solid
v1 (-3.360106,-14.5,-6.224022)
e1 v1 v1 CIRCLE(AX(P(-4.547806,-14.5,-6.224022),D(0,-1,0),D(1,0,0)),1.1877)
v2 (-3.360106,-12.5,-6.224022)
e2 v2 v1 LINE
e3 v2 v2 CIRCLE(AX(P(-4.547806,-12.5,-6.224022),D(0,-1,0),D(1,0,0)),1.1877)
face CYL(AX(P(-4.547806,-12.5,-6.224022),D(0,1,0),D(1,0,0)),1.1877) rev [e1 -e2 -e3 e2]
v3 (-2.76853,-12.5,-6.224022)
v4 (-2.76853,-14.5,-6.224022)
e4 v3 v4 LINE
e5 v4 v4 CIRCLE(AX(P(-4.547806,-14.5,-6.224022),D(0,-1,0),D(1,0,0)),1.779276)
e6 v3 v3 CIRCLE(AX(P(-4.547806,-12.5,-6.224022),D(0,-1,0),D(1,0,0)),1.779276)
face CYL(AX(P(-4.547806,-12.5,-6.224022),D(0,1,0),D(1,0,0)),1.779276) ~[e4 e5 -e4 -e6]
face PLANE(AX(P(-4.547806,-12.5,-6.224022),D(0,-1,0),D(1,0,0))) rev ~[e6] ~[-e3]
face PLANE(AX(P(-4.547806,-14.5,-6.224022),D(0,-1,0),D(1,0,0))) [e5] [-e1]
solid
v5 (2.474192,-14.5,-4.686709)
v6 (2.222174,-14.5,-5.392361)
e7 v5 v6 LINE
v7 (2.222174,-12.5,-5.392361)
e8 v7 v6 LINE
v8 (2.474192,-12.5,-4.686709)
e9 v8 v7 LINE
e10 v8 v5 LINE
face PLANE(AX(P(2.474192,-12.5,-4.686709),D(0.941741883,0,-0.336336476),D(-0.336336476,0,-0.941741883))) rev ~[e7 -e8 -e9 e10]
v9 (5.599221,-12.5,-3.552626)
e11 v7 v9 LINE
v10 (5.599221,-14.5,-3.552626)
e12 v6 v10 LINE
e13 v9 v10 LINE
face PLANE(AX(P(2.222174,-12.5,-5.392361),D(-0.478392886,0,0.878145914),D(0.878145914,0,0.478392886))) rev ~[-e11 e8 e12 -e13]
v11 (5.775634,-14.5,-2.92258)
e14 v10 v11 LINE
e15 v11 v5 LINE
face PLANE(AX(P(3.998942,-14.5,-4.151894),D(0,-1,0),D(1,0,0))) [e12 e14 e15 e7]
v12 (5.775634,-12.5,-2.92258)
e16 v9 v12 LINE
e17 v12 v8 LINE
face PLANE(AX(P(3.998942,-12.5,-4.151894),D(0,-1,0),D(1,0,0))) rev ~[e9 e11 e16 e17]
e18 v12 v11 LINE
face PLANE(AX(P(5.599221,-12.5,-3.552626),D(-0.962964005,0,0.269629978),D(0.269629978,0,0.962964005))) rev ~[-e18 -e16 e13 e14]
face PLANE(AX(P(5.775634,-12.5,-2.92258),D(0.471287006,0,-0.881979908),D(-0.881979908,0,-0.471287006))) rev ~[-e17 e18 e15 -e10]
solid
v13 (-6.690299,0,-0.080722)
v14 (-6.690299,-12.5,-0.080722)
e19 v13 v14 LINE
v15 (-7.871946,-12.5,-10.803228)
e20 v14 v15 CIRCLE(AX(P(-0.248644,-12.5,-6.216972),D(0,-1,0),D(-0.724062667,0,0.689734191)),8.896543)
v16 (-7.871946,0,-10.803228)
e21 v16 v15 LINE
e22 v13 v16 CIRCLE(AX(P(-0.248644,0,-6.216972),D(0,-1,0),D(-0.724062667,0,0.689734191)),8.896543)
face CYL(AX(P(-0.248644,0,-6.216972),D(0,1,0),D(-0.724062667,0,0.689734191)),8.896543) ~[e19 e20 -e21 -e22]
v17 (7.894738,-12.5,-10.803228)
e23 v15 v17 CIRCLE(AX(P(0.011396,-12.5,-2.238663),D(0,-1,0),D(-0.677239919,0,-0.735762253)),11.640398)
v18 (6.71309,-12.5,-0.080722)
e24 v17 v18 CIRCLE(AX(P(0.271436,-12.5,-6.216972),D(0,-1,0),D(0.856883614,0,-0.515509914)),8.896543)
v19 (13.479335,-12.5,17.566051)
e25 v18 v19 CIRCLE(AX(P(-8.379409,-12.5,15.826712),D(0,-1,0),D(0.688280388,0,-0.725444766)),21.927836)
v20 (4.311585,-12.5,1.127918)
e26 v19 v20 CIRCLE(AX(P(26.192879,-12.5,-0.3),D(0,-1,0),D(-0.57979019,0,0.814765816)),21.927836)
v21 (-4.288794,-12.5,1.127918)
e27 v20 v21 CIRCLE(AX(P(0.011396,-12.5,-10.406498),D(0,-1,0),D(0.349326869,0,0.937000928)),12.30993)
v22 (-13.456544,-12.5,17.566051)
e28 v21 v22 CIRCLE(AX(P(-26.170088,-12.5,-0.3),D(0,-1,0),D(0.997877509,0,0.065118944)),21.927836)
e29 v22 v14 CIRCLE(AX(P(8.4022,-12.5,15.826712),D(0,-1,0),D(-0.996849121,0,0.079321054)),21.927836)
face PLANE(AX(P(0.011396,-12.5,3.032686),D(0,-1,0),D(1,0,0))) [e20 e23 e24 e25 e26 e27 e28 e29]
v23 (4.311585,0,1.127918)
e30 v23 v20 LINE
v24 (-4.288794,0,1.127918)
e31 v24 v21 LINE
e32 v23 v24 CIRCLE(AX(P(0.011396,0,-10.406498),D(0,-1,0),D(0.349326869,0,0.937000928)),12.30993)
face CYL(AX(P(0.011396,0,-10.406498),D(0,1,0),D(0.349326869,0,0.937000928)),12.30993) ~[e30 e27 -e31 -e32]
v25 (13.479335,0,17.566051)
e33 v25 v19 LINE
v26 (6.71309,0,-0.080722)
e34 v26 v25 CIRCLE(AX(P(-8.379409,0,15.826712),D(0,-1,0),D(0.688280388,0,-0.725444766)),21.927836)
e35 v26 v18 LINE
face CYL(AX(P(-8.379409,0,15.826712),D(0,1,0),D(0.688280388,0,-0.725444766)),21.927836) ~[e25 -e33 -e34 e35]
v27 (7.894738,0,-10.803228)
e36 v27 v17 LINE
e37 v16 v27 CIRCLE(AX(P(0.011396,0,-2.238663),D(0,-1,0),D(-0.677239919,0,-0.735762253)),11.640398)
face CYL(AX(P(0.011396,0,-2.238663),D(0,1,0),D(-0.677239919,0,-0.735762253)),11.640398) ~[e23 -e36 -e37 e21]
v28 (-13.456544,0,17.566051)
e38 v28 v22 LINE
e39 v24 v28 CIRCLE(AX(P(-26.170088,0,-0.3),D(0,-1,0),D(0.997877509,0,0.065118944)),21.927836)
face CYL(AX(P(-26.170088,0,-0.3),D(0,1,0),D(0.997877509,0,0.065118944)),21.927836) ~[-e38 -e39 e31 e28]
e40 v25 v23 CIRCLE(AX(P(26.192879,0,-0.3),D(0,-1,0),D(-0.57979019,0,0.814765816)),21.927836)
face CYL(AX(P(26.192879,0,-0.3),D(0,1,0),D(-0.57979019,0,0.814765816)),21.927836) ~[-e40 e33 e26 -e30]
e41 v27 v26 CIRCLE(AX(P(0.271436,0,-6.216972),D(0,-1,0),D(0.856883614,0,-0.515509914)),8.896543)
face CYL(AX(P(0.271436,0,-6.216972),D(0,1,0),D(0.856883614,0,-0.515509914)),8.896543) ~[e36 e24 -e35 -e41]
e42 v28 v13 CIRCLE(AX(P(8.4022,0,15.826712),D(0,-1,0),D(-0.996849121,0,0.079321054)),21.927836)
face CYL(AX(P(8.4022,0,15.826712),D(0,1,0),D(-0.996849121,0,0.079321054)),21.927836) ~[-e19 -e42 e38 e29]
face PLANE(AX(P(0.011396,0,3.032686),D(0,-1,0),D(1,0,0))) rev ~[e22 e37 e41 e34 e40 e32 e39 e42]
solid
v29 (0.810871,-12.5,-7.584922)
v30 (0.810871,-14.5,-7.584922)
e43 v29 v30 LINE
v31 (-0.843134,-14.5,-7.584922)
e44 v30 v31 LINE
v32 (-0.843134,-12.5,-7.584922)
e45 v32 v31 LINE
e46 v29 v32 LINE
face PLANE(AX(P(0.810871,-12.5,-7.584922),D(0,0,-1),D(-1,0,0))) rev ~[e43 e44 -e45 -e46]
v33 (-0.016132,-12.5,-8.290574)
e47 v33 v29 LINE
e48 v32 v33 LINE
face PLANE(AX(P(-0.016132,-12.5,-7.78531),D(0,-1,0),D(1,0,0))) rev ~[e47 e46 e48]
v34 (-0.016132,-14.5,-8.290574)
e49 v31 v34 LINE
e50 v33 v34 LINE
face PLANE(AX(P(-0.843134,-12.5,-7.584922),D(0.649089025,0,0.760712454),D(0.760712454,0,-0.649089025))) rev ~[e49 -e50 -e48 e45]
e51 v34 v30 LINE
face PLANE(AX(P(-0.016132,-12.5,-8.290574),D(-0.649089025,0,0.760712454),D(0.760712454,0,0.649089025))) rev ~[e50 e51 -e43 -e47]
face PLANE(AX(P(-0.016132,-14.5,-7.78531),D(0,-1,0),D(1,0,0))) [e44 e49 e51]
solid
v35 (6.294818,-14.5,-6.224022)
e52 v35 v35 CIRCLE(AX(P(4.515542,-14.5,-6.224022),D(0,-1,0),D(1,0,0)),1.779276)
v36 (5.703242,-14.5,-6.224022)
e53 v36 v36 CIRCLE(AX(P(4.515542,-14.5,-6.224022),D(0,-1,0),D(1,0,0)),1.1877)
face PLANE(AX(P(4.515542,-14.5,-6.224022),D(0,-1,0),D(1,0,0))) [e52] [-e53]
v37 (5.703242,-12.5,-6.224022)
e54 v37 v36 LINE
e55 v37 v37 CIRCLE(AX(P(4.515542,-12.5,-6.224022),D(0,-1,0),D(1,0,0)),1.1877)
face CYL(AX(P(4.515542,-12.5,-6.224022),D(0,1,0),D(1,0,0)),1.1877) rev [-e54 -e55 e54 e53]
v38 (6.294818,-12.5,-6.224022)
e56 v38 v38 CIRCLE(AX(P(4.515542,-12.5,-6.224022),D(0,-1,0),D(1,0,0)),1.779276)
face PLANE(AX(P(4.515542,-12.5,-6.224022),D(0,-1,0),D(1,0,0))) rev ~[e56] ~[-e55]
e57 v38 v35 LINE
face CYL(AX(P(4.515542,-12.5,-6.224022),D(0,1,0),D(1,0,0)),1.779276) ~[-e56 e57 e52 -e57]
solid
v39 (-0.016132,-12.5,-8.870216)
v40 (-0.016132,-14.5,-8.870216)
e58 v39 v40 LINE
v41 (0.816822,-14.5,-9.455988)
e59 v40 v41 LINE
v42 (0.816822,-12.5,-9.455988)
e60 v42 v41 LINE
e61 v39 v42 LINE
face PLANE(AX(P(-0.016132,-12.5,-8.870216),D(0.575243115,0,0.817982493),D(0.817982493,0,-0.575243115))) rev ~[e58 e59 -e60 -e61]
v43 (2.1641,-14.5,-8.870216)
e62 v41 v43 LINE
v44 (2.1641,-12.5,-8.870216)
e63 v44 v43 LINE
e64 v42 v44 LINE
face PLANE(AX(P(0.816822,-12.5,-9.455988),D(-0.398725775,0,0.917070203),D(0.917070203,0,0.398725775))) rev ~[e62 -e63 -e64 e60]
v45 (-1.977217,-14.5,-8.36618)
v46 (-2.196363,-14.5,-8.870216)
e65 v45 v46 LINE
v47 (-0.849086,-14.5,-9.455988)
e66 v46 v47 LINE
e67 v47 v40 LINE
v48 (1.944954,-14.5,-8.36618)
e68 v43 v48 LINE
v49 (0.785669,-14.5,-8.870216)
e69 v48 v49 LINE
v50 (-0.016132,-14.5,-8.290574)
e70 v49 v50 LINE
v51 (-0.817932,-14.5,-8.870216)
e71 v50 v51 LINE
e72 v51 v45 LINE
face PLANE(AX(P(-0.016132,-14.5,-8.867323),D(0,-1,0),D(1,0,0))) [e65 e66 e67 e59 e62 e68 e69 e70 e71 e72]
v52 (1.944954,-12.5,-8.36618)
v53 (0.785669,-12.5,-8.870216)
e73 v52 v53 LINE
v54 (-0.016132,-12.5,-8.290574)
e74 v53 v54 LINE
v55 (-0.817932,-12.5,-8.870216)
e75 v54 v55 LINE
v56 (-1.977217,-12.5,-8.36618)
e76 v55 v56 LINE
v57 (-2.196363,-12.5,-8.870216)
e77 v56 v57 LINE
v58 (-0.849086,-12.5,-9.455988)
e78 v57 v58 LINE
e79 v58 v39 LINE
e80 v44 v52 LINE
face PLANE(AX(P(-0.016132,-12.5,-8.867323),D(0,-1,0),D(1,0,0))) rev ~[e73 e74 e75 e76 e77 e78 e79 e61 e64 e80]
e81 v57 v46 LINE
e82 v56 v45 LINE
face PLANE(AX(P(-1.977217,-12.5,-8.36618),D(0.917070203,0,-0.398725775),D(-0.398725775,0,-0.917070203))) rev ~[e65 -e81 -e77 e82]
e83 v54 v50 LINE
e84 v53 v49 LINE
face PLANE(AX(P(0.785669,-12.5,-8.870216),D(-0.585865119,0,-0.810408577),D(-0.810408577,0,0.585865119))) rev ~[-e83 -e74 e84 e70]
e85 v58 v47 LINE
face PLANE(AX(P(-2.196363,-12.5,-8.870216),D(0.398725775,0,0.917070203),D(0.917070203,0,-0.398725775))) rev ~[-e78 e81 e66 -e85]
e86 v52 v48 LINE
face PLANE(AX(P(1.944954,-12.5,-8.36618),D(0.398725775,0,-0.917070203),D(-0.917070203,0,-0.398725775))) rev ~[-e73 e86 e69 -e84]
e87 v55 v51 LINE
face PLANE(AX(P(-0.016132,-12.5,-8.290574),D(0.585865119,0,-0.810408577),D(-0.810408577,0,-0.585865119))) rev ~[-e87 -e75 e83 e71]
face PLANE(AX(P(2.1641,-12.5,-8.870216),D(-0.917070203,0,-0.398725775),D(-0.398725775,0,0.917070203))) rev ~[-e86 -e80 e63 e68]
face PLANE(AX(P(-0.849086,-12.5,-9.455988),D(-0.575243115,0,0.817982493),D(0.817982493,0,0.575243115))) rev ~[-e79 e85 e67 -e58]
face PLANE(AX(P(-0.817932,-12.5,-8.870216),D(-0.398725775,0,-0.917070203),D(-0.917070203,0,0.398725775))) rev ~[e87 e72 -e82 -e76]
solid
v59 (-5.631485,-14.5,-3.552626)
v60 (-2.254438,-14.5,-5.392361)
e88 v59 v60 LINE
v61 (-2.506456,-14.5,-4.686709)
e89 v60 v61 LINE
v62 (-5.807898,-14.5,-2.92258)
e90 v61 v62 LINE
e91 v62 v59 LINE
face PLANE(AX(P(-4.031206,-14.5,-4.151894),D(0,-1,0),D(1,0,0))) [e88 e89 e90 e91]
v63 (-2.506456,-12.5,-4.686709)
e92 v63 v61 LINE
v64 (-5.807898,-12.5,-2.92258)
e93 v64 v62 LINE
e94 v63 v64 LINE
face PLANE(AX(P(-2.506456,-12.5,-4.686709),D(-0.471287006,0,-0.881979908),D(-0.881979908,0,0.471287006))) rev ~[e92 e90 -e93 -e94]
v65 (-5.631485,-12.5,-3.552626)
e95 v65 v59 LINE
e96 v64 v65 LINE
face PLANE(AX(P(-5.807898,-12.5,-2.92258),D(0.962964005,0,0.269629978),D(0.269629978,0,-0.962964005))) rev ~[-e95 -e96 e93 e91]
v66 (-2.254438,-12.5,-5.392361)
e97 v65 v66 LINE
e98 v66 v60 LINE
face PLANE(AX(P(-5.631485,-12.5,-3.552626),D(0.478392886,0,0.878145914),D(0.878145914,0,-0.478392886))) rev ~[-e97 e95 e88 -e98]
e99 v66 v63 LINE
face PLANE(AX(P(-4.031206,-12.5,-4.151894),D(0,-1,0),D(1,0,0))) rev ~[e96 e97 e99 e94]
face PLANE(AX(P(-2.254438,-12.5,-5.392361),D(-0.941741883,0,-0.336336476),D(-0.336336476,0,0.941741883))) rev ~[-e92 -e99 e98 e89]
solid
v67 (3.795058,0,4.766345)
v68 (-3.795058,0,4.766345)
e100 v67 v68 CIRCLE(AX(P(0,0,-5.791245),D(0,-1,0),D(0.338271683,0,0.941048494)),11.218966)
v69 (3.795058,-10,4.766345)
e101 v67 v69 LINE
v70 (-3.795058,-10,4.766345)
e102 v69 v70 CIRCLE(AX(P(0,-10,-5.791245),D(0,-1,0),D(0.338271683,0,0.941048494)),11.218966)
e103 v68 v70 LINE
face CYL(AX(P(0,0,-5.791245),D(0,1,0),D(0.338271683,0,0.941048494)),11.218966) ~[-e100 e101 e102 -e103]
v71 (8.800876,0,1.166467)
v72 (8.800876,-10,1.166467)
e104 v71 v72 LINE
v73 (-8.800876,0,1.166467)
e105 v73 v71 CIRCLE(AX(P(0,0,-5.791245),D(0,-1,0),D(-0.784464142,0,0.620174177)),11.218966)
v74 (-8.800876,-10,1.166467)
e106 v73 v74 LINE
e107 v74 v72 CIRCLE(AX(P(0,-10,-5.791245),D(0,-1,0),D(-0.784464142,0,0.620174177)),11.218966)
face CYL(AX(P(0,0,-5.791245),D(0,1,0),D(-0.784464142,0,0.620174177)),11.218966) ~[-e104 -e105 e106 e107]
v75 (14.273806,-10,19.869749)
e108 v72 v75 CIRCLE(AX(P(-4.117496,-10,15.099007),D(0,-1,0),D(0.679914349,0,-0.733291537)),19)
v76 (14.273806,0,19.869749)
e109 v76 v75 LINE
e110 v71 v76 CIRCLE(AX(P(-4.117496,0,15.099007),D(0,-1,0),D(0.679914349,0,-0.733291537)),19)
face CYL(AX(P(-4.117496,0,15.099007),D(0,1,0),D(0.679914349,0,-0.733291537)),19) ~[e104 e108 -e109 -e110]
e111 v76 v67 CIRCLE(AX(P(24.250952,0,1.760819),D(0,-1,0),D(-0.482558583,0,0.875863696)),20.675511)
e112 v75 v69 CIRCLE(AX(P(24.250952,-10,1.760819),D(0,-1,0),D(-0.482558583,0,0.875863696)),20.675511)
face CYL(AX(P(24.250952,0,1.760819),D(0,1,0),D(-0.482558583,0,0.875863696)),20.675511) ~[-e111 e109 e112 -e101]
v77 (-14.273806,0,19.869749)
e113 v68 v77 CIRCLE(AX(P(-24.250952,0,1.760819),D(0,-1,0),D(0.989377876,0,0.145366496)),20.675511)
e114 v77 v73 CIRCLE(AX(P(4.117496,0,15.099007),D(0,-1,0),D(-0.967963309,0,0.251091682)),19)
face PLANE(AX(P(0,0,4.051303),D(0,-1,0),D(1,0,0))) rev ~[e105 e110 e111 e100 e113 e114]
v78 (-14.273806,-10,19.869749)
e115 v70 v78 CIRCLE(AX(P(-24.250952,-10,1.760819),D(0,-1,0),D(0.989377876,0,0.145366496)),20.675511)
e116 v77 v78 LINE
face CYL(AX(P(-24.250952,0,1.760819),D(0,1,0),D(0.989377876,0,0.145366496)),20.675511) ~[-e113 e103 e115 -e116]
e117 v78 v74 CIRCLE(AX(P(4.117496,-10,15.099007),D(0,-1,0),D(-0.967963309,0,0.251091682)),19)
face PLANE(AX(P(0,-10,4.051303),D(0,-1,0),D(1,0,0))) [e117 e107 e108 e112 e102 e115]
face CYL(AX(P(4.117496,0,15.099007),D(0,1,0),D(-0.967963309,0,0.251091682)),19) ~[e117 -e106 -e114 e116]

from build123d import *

# Parameters (mm, degrees)
F2_DEPTH = 10
F3_DEPTH = 12.5
F6_DEPTH = 2
F5_R     = 1.7792759986
F5_R_2   = 1.1876997662


with BuildPart() as f2:
    # F0 (on Front) → F2 (new body)
    with BuildSketch(Plane.XZ):
        with BuildLine():
            ThreePointArc((-14.2738064751, 19.869748503), (-14.1178299404, 9.763008645), (-8.8008762318, 1.1664673349))
            ThreePointArc((-8.8008762318, 1.1664673349), (0, -17.0102110316), (8.8008762318, 1.1664673349))
            ThreePointArc((8.8008762318, 1.1664673349), (14.1178299404, 9.763008645), (14.2738064751, 19.869748503))
            ThreePointArc((14.2738064751, 19.869748503), (7.2635841838, 13.5466622081), (3.7950583725, 4.7663452684))
            ThreePointArc((3.7950583725, 4.7663452684), (0, 5.4277201824), (-3.7950583725, 4.7663452684))
            ThreePointArc((-3.7950583725, 4.7663452684), (-7.2635841838, 13.5466622081), (-14.2738064751, 19.869748503))
        make_face()
    extrude(amount=F2_DEPTH)


with BuildPart() as f3:
    # F1 (on Front) → F3 (new body)
    with BuildSketch(Plane.XZ):
        with BuildLine():
            ThreePointArc((-13.4565437323, 17.5660512307), (-12.0721921692, 7.9762826093), (-6.6902991314, -0.0807217219))
            ThreePointArc((-6.6902991314, -0.0807217219), (-9.0916522326, -5.2424499921), (-7.8719464411, -10.8032281063))
            ThreePointArc((-7.8719464411, -10.8032281063), (0.0113956802, -13.8790606232), (7.8947378016, -10.8032281063))
            ThreePointArc((7.8947378016, -10.8032281063), (9.1144435931, -5.2424499921), (6.7130904919, -0.0807217219))
            ThreePointArc((6.7130904919, -0.0807217219), (12.0949835297, 7.9762826093), (13.4793350928, 17.5660512307))
            ThreePointArc((13.4793350928, 17.5660512307), (7.042062758, 10.3806469076), (4.3115849096, 1.1279175201))
            ThreePointArc((4.3115849096, 1.1279175201), (0.0113956802, 1.9034316753), (-4.2887935491, 1.1279175201))
            ThreePointArc((-4.2887935491, 1.1279175201), (-7.0192713975, 10.3806469076), (-13.4565437323, 17.5660512307))
        make_face()
    extrude(amount=F3_DEPTH)


with BuildPart() as f6:
    # F5 (on offset) → F6 (new body)
    with BuildSketch(Plane.XZ.offset(12.5)):
        Polygon((-2.5064561482, -4.6867094934), (-5.8078980505, -2.9225801118), (-5.6314850657, -3.5526263528), (-2.2544376983, -5.3923609667), align=None)
    extrude(amount=F6_DEPTH)


with BuildPart() as f6b:
    # F5 (on offset) → F6, piece 2 (new body)
    with BuildSketch(Plane.XZ.offset(12.5)):
        with Locations((-4.5478060342, -6.2240222469)):
            Circle(F5_R)
        with Locations((-4.5478060342, -6.2240222469)):
            Circle(F5_R_2, mode=Mode.SUBTRACT)
    extrude(amount=F6_DEPTH)


with BuildPart() as f6c:
    # F5 (on offset) → F6, piece 3 (new body)
    with BuildSketch(Plane.XZ.offset(12.5)):
        Polygon((0.8108705084, -7.5849220157), (-0.0161319471, -7.5849220157), (-0.8431344026, -7.5849220157), (-0.0161319471, -8.2905739546), align=None)
    extrude(amount=F6_DEPTH)


with BuildPart() as f6d:
    # F5 (on offset) → F6, piece 4 (new body)
    with BuildSketch(Plane.XZ.offset(12.5)):
        Polygon((0.7856685703, -8.8702160865), (-0.0161319471, -8.2905739546), (-0.8179324645, -8.8702160865), (-1.9772174268, -8.3661796525), (-2.1963634824, -8.8702160865), (-0.8490863708, -9.4559881555), (-0.0161319471, -8.8702160865), (0.8168224766, -9.4559881555), (2.1640995882, -8.8702160865), (1.9449535326, -8.3661796525), align=None)
    extrude(amount=F6_DEPTH)


with BuildPart() as f6e:
    # F5 (on offset) → F6, piece 5 (new body)
    with BuildSketch(Plane.XZ.offset(12.5)):
        with Locations((4.5155421399, -6.2240222469)):
            Circle(F5_R)
        with Locations((4.5155421399, -6.2240222469)):
            Circle(F5_R_2, mode=Mode.SUBTRACT)
    extrude(amount=F6_DEPTH)


with BuildPart() as f6f:
    # F5 (on offset) → F6, piece 6 (new body)
    with BuildSketch(Plane.XZ.offset(12.5)):
        Polygon((2.474192254, -4.6867094934), (2.2221738041, -5.3923609667), (5.5992211715, -3.5526263528), (5.7756341562, -2.9225801118), align=None)
    extrude(amount=F6_DEPTH)


solid = Compound([f2.part, f3.part, f6.part, f6b.part, f6c.part, f6d.part, f6e.part, f6f.part])
